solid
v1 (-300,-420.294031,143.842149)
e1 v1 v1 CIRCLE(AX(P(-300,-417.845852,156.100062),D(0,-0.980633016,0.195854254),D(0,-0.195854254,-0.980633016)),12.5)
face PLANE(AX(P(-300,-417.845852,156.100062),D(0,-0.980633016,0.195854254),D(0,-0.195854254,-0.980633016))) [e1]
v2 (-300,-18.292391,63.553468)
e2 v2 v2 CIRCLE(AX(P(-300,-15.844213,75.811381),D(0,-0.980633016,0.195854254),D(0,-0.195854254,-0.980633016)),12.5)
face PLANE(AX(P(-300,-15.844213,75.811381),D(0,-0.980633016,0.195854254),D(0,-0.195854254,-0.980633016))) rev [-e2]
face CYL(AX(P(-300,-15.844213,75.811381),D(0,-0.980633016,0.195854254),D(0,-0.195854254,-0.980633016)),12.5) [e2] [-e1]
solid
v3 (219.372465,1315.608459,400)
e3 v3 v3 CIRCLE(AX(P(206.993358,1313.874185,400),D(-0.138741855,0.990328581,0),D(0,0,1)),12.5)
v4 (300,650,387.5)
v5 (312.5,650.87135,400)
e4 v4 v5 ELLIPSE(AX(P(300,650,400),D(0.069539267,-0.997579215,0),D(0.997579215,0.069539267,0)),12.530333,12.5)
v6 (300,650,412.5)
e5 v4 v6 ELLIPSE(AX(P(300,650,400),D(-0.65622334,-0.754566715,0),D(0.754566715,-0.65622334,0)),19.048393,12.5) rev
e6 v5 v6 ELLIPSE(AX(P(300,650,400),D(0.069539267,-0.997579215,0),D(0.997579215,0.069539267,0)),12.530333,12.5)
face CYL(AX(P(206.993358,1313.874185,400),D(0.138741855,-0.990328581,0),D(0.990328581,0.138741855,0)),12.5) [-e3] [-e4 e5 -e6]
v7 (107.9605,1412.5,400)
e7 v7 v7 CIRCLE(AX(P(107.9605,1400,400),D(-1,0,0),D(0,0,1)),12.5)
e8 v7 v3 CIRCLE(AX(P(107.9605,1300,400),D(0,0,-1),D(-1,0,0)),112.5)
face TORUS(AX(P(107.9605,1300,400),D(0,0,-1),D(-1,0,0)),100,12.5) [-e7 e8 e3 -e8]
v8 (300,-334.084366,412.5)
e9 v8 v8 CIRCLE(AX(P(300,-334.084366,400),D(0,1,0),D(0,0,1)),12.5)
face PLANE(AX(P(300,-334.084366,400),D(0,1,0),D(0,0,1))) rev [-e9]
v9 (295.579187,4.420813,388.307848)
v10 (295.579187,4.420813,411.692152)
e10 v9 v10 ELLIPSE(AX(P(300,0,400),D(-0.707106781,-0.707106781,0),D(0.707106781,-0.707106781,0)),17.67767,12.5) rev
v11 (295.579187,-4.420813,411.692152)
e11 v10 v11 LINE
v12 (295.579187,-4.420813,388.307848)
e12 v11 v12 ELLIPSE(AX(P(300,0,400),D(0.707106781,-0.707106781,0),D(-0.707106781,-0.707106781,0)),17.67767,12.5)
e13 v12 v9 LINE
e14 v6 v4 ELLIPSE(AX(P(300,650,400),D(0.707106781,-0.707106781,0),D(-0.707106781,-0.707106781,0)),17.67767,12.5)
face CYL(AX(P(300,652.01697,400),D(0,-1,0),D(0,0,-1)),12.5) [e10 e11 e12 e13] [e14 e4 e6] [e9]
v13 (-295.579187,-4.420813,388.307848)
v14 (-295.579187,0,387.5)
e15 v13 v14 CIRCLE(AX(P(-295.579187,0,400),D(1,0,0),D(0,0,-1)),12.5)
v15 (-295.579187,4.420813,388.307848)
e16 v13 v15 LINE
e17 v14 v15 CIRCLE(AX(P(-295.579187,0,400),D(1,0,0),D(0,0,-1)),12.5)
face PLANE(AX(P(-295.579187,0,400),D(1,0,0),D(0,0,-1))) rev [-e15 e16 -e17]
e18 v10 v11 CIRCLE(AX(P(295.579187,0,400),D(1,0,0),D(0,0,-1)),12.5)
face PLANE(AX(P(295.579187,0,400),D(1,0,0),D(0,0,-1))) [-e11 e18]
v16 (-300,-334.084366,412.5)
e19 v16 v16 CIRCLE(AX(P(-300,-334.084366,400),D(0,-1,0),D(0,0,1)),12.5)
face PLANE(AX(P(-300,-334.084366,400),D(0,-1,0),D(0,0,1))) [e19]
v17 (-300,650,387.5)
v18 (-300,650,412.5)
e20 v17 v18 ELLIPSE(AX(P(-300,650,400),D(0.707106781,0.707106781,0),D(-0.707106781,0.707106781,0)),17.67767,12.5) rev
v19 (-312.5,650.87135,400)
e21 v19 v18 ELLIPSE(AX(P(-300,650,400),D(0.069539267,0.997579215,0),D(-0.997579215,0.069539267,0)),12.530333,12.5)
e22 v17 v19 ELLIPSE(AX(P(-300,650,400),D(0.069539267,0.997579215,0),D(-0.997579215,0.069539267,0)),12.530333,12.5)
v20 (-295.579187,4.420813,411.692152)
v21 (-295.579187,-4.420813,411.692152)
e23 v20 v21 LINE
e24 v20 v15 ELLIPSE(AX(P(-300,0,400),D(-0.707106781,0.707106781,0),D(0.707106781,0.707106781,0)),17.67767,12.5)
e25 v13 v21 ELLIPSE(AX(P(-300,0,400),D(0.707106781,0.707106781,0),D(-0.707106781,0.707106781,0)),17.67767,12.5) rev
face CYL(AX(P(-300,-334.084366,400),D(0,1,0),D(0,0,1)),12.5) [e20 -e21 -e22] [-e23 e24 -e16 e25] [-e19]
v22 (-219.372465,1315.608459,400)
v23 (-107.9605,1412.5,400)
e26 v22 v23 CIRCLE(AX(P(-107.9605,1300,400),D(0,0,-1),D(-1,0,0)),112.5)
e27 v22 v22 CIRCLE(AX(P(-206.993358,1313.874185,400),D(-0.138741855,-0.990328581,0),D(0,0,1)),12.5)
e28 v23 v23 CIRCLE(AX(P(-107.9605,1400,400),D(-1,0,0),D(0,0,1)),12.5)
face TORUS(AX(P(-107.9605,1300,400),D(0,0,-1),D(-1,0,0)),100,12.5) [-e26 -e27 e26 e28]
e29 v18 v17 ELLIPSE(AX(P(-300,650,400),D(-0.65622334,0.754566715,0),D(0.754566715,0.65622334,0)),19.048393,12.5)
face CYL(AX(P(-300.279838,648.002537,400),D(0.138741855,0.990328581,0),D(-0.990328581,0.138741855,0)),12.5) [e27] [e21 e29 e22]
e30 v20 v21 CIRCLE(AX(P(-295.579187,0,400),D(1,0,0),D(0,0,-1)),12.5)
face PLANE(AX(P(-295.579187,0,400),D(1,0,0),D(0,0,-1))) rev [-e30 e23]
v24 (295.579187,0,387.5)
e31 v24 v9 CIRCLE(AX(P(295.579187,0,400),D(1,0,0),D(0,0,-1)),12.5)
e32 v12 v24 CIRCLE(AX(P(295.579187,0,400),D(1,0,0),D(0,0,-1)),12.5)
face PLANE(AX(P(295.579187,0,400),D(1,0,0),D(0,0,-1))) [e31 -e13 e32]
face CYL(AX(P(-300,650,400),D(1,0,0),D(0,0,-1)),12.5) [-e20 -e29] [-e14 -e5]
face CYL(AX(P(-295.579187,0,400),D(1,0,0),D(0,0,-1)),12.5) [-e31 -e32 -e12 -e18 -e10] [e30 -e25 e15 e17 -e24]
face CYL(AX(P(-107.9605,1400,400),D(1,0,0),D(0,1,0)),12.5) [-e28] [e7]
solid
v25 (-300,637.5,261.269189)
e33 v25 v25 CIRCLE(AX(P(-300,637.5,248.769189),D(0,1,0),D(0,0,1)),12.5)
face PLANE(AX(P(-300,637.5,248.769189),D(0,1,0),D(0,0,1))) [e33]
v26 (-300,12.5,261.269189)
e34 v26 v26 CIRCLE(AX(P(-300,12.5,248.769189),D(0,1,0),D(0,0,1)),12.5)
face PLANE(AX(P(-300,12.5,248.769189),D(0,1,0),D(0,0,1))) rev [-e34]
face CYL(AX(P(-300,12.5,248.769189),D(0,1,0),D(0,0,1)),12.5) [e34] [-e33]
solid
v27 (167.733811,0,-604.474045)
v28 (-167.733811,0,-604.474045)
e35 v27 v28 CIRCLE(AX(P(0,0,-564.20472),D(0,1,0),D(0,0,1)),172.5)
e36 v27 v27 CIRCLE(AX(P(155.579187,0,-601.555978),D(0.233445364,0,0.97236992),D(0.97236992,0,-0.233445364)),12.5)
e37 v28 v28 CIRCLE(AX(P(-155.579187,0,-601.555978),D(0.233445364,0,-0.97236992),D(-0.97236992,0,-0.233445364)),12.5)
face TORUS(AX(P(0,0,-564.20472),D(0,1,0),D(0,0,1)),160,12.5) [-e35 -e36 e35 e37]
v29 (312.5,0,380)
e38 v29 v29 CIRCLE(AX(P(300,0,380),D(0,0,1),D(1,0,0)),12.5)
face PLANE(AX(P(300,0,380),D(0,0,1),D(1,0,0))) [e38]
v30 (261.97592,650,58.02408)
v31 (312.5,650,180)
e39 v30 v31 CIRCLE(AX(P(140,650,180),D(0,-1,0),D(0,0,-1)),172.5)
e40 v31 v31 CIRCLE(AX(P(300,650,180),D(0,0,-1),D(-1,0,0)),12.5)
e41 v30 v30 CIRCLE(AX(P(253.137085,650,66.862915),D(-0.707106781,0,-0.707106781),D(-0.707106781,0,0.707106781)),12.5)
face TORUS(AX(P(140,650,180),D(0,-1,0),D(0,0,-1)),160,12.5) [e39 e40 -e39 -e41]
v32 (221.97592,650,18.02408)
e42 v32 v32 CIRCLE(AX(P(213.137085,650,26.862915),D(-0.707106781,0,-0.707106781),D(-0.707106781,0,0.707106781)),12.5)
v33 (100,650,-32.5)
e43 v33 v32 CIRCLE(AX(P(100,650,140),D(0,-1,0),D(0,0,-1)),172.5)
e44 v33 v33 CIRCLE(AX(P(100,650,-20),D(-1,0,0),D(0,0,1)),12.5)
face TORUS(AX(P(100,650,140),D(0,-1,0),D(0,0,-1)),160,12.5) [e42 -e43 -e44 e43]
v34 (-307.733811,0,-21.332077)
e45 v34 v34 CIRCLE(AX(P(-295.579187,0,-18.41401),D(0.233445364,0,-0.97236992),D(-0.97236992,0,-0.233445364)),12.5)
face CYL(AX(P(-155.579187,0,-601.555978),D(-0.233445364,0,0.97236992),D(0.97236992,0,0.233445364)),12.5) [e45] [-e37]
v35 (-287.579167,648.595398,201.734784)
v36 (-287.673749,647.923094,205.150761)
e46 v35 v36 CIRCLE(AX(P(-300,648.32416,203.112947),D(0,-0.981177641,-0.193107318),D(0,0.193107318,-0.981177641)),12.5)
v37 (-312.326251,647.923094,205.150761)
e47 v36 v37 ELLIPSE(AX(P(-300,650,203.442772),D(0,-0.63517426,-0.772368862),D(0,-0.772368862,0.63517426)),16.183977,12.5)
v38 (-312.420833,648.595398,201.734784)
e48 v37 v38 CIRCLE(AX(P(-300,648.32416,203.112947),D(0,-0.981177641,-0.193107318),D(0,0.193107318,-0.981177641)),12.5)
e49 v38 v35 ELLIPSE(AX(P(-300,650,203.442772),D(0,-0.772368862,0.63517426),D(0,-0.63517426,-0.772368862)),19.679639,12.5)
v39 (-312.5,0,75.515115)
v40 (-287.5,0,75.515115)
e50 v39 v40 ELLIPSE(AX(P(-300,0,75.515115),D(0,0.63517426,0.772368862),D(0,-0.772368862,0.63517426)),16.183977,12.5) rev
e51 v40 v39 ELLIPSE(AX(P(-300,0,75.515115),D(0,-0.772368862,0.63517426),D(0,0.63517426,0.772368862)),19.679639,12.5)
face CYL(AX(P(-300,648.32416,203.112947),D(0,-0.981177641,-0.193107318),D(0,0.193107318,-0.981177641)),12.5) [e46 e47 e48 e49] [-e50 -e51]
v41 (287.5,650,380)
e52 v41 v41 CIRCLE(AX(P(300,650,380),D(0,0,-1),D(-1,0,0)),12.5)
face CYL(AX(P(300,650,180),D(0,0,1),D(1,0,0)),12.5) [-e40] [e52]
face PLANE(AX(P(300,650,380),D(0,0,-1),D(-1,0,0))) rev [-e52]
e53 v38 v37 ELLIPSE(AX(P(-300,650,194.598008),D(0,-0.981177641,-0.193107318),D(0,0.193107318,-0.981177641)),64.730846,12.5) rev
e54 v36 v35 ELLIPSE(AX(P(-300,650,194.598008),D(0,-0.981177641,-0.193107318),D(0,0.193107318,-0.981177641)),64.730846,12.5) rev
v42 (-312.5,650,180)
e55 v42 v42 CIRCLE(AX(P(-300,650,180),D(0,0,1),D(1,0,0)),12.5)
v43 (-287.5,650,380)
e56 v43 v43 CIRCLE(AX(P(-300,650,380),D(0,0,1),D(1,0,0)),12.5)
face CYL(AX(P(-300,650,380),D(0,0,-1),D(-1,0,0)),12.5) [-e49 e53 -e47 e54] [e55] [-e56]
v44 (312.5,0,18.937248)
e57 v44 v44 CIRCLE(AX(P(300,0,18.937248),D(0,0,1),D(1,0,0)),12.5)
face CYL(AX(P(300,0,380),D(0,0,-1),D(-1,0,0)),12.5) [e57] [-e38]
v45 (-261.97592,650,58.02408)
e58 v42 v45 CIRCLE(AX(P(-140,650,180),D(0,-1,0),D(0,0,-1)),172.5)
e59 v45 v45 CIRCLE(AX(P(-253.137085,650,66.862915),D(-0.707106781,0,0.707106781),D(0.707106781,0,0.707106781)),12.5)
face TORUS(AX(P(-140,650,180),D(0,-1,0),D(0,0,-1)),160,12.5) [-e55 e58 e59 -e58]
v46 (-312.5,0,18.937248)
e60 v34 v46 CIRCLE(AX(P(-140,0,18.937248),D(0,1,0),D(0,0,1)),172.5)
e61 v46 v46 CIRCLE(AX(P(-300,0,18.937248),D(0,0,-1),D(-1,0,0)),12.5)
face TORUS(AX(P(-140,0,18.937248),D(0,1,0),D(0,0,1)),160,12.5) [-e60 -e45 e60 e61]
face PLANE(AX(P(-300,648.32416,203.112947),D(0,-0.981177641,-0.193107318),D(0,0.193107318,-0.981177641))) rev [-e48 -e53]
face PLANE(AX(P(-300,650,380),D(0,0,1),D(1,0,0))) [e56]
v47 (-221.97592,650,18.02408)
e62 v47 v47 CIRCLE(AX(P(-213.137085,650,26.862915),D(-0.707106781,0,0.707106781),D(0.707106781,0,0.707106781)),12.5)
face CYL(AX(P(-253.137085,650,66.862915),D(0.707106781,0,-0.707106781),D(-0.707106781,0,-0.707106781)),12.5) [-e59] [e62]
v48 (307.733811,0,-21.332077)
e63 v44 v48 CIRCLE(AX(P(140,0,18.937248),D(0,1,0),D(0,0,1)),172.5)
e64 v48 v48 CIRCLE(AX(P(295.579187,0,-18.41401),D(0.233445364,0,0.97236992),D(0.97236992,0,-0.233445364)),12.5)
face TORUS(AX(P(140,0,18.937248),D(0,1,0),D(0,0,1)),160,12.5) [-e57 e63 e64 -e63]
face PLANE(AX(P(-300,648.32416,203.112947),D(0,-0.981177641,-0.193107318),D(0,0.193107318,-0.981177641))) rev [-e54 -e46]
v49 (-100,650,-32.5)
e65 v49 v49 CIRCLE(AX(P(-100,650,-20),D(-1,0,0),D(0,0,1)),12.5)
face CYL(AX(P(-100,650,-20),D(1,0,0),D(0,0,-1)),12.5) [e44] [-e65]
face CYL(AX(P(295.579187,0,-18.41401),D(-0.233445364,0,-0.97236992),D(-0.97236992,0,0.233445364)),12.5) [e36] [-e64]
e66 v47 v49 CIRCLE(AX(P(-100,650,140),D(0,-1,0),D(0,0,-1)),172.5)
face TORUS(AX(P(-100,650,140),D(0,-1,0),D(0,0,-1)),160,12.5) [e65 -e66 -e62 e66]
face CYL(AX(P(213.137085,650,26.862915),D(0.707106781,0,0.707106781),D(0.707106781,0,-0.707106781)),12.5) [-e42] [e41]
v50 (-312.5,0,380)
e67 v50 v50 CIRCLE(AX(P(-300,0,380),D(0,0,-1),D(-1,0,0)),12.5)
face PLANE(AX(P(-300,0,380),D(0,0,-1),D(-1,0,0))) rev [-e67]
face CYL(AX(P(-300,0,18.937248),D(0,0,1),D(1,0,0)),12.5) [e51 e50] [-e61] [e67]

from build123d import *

# Parameters (mm, degrees)
SWEEP_1_PROFILE_R = 12.5
SWEEP_2_PROFILE_R = 12.5
SWEEP_4_PROFILE_R = 12.5
SWEEP_5_PROFILE_R = 12.5
SWEEP_6_PROFILE_R = 12.5
SWEEP_7_PROFILE_R = 12.5
SWEEP_8_PROFILE_R = 12.5
SWEEP_9_PROFILE_R = 12.5


with BuildPart() as part:
    # 扫描1: sweep along a path in 草图7
    with BuildLine(Plane(origin=(0, 0, 0), x_dir=(1, 0, 0), z_dir=(0, 1, 0))) as sweep_1_path:
        Line((-300, -380), (-300, -18.937247943))
        ThreePointArc((-300, -18.937247943), (-298.890953113, -0.131264349), (-295.579187264, 18.414010274))
        Line((-295.579187264, 18.414010274), (-155.579187264, 601.555978087))
        ThreePointArc((-155.579187264, 601.555978087), (0, 724.20471987), (155.579187264, 601.555978087))
        Line((155.579187264, 601.555978087), (295.579187264, 18.414010274))
        ThreePointArc((295.579187264, 18.414010274), (298.890953113, -0.131264349), (300, -18.937247943))
        Line((300, -18.937247943), (300, -380))
    # 扫描1 profile (on start of the path) → 扫描1 (sweep)
    with BuildSketch(Plane(origin=(-300, 0, 380), x_dir=(-1, 0, 0), z_dir=(0, 0, -1))):
        Circle(SWEEP_1_PROFILE_R)
    sweep(path=sweep_1_path.line)



with BuildPart() as body_2:
    # 扫描2: sweep along a path in 草图16
    with BuildLine(Plane(origin=(0, 650, 0), x_dir=(1, 0, 0), z_dir=(0, 1, 0))) as sweep_2_path:
        Line((-300, -380), (-300, -180))
        ThreePointArc((-300, -180), (-287.820725202, -118.770650822), (-253.13708499, -66.86291501))
        Line((-253.13708499, -66.86291501), (-213.13708499, -26.86291501))
        ThreePointArc((-213.13708499, -26.86291501), (-161.229349178, 7.820725202), (-100, 20))
        Line((-100, 20), (100, 20))
        ThreePointArc((100, 20), (161.229349178, 7.820725202), (213.13708499, -26.86291501))
        Line((213.13708499, -26.86291501), (253.13708499, -66.86291501))
        ThreePointArc((253.13708499, -66.86291501), (287.820725202, -118.770650822), (300, -180))
        Line((300, -180), (300, -380))
    # 扫描2 profile (on start of the path) → 扫描2 (sweep)
    with BuildSketch(Plane(origin=(-300, 650, 380), x_dir=(-1, 0, 0), z_dir=(0, 0, -1))):
        Circle(SWEEP_2_PROFILE_R)
    sweep(path=sweep_2_path.line)


with BuildPart() as part_1:
    add(part.part)

    add(body_2.part)  # 扫描4 merges body 2
    # 扫描4: sweep along a path in 草图62
    with BuildLine(Plane(origin=(-300, 0, 0), x_dir=(0, 0, -1), z_dir=(1, 0, 0))) as sweep_4_path:
        Line((-203.11294728, 648.324159638), (-75.515115371, 0))
    # 扫描4 profile (on start of the path) → 扫描4 (sweep)
    with BuildSketch(Plane(origin=(-300, 648.324159638, 203.11294728), x_dir=(0, 0.19310731812236004, -0.9811776412493254), z_dir=(0, -0.9811776412493254, -0.19310731812236004))):
        Circle(SWEEP_4_PROFILE_R)
    sweep(path=sweep_4_path.line)


with BuildPart() as body_2_2:
    # 扫描5: sweep along a path in 草图71
    with BuildLine(Plane.XY.offset(400)) as sweep_5_path:
        Line((-300, -334.084366165), (-300, 650))
        Line((-300, 650), (-206.993357902, 1313.874185482))
        ThreePointArc((-206.993357902, 1313.874185482), (-173.582833881, 1375.456671502), (-107.960499833, 1400))
        Line((-107.960499833, 1400), (107.960499833, 1400))
        ThreePointArc((107.960499833, 1400), (173.582833881, 1375.456671502), (206.993357902, 1313.874185482))
        Line((206.993357902, 1313.874185482), (300, 650))
        Line((300, 650), (300, -334.084366165))
    # 扫描5 profile (on start of the path) → 扫描5 (sweep)
    with BuildSketch(Plane(origin=(-300, -334.084366165, 400), x_dir=(0, 0, 1), z_dir=(0, 1, 0))):
        Circle(SWEEP_5_PROFILE_R)
    sweep(path=sweep_5_path.line, transition=Transition.RIGHT)

    # 扫描8: sweep along a path in 草图104
    with BuildLine(Plane.XY.offset(400)) as sweep_8_path:
        Line((-300, 650), (300, 650))
    # 扫描8 profile (on start of the path) → 扫描8 (sweep)
    with BuildSketch(Plane(origin=(-300, 650, 400), x_dir=(0, 0, 1), z_dir=(1, 0, 0))):
        Circle(SWEEP_8_PROFILE_R)
    sweep(path=sweep_8_path.line)

    # 扫描9: sweep along a path in 草图113
    with BuildLine(Plane.XY.offset(400)) as sweep_9_path:
        Line((-295.579187264, 0), (295.579187264, 0))
    # 扫描9 profile (on start of the path) → 扫描9 (sweep)
    with BuildSketch(Plane(origin=(-295.579187264, 0, 400), x_dir=(0, 0, 1), z_dir=(1, 0, 0))):
        Circle(SWEEP_9_PROFILE_R)
    sweep(path=sweep_9_path.line)


with BuildPart() as body_3:
    # 扫描6: sweep along a path in 草图72
    with BuildLine(Plane(origin=(-300, 0, 0), x_dir=(0, 0, -1), z_dir=(1, 0, 0))) as sweep_6_path:
        Line((-75.811380788, -15.844212764), (-156.10006168, -417.845852485))
    # 扫描6 profile (on start of the path) → 扫描6 (sweep)
    with BuildSketch(Plane(origin=(-300, -15.844212764, 75.811380788), x_dir=(0, -0.19585425400842235, -0.9806330155500601), z_dir=(0, -0.9806330155500601, 0.19585425400842235))):
        Circle(SWEEP_6_PROFILE_R)
    sweep(path=sweep_6_path.line)


with BuildPart() as body_4:
    # 扫描7: sweep along a path in 草图89
    with BuildLine(Plane(origin=(-300, 0, 0), x_dir=(0, 0, -1), z_dir=(1, 0, 0))) as sweep_7_path:
        Line((-248.769188656, 12.5), (-248.769188656, 637.5))
    # 扫描7 profile (on start of the path) → 扫描7 (sweep)
    with BuildSketch(Plane(origin=(-300, 12.5, 248.769188656), x_dir=(0, 0, 1), z_dir=(0, 1, 0))):
        Circle(SWEEP_7_PROFILE_R)
    sweep(path=sweep_7_path.line)


solid = Compound([part_1.part, body_2_2.part, body_3.part, body_4.part])
